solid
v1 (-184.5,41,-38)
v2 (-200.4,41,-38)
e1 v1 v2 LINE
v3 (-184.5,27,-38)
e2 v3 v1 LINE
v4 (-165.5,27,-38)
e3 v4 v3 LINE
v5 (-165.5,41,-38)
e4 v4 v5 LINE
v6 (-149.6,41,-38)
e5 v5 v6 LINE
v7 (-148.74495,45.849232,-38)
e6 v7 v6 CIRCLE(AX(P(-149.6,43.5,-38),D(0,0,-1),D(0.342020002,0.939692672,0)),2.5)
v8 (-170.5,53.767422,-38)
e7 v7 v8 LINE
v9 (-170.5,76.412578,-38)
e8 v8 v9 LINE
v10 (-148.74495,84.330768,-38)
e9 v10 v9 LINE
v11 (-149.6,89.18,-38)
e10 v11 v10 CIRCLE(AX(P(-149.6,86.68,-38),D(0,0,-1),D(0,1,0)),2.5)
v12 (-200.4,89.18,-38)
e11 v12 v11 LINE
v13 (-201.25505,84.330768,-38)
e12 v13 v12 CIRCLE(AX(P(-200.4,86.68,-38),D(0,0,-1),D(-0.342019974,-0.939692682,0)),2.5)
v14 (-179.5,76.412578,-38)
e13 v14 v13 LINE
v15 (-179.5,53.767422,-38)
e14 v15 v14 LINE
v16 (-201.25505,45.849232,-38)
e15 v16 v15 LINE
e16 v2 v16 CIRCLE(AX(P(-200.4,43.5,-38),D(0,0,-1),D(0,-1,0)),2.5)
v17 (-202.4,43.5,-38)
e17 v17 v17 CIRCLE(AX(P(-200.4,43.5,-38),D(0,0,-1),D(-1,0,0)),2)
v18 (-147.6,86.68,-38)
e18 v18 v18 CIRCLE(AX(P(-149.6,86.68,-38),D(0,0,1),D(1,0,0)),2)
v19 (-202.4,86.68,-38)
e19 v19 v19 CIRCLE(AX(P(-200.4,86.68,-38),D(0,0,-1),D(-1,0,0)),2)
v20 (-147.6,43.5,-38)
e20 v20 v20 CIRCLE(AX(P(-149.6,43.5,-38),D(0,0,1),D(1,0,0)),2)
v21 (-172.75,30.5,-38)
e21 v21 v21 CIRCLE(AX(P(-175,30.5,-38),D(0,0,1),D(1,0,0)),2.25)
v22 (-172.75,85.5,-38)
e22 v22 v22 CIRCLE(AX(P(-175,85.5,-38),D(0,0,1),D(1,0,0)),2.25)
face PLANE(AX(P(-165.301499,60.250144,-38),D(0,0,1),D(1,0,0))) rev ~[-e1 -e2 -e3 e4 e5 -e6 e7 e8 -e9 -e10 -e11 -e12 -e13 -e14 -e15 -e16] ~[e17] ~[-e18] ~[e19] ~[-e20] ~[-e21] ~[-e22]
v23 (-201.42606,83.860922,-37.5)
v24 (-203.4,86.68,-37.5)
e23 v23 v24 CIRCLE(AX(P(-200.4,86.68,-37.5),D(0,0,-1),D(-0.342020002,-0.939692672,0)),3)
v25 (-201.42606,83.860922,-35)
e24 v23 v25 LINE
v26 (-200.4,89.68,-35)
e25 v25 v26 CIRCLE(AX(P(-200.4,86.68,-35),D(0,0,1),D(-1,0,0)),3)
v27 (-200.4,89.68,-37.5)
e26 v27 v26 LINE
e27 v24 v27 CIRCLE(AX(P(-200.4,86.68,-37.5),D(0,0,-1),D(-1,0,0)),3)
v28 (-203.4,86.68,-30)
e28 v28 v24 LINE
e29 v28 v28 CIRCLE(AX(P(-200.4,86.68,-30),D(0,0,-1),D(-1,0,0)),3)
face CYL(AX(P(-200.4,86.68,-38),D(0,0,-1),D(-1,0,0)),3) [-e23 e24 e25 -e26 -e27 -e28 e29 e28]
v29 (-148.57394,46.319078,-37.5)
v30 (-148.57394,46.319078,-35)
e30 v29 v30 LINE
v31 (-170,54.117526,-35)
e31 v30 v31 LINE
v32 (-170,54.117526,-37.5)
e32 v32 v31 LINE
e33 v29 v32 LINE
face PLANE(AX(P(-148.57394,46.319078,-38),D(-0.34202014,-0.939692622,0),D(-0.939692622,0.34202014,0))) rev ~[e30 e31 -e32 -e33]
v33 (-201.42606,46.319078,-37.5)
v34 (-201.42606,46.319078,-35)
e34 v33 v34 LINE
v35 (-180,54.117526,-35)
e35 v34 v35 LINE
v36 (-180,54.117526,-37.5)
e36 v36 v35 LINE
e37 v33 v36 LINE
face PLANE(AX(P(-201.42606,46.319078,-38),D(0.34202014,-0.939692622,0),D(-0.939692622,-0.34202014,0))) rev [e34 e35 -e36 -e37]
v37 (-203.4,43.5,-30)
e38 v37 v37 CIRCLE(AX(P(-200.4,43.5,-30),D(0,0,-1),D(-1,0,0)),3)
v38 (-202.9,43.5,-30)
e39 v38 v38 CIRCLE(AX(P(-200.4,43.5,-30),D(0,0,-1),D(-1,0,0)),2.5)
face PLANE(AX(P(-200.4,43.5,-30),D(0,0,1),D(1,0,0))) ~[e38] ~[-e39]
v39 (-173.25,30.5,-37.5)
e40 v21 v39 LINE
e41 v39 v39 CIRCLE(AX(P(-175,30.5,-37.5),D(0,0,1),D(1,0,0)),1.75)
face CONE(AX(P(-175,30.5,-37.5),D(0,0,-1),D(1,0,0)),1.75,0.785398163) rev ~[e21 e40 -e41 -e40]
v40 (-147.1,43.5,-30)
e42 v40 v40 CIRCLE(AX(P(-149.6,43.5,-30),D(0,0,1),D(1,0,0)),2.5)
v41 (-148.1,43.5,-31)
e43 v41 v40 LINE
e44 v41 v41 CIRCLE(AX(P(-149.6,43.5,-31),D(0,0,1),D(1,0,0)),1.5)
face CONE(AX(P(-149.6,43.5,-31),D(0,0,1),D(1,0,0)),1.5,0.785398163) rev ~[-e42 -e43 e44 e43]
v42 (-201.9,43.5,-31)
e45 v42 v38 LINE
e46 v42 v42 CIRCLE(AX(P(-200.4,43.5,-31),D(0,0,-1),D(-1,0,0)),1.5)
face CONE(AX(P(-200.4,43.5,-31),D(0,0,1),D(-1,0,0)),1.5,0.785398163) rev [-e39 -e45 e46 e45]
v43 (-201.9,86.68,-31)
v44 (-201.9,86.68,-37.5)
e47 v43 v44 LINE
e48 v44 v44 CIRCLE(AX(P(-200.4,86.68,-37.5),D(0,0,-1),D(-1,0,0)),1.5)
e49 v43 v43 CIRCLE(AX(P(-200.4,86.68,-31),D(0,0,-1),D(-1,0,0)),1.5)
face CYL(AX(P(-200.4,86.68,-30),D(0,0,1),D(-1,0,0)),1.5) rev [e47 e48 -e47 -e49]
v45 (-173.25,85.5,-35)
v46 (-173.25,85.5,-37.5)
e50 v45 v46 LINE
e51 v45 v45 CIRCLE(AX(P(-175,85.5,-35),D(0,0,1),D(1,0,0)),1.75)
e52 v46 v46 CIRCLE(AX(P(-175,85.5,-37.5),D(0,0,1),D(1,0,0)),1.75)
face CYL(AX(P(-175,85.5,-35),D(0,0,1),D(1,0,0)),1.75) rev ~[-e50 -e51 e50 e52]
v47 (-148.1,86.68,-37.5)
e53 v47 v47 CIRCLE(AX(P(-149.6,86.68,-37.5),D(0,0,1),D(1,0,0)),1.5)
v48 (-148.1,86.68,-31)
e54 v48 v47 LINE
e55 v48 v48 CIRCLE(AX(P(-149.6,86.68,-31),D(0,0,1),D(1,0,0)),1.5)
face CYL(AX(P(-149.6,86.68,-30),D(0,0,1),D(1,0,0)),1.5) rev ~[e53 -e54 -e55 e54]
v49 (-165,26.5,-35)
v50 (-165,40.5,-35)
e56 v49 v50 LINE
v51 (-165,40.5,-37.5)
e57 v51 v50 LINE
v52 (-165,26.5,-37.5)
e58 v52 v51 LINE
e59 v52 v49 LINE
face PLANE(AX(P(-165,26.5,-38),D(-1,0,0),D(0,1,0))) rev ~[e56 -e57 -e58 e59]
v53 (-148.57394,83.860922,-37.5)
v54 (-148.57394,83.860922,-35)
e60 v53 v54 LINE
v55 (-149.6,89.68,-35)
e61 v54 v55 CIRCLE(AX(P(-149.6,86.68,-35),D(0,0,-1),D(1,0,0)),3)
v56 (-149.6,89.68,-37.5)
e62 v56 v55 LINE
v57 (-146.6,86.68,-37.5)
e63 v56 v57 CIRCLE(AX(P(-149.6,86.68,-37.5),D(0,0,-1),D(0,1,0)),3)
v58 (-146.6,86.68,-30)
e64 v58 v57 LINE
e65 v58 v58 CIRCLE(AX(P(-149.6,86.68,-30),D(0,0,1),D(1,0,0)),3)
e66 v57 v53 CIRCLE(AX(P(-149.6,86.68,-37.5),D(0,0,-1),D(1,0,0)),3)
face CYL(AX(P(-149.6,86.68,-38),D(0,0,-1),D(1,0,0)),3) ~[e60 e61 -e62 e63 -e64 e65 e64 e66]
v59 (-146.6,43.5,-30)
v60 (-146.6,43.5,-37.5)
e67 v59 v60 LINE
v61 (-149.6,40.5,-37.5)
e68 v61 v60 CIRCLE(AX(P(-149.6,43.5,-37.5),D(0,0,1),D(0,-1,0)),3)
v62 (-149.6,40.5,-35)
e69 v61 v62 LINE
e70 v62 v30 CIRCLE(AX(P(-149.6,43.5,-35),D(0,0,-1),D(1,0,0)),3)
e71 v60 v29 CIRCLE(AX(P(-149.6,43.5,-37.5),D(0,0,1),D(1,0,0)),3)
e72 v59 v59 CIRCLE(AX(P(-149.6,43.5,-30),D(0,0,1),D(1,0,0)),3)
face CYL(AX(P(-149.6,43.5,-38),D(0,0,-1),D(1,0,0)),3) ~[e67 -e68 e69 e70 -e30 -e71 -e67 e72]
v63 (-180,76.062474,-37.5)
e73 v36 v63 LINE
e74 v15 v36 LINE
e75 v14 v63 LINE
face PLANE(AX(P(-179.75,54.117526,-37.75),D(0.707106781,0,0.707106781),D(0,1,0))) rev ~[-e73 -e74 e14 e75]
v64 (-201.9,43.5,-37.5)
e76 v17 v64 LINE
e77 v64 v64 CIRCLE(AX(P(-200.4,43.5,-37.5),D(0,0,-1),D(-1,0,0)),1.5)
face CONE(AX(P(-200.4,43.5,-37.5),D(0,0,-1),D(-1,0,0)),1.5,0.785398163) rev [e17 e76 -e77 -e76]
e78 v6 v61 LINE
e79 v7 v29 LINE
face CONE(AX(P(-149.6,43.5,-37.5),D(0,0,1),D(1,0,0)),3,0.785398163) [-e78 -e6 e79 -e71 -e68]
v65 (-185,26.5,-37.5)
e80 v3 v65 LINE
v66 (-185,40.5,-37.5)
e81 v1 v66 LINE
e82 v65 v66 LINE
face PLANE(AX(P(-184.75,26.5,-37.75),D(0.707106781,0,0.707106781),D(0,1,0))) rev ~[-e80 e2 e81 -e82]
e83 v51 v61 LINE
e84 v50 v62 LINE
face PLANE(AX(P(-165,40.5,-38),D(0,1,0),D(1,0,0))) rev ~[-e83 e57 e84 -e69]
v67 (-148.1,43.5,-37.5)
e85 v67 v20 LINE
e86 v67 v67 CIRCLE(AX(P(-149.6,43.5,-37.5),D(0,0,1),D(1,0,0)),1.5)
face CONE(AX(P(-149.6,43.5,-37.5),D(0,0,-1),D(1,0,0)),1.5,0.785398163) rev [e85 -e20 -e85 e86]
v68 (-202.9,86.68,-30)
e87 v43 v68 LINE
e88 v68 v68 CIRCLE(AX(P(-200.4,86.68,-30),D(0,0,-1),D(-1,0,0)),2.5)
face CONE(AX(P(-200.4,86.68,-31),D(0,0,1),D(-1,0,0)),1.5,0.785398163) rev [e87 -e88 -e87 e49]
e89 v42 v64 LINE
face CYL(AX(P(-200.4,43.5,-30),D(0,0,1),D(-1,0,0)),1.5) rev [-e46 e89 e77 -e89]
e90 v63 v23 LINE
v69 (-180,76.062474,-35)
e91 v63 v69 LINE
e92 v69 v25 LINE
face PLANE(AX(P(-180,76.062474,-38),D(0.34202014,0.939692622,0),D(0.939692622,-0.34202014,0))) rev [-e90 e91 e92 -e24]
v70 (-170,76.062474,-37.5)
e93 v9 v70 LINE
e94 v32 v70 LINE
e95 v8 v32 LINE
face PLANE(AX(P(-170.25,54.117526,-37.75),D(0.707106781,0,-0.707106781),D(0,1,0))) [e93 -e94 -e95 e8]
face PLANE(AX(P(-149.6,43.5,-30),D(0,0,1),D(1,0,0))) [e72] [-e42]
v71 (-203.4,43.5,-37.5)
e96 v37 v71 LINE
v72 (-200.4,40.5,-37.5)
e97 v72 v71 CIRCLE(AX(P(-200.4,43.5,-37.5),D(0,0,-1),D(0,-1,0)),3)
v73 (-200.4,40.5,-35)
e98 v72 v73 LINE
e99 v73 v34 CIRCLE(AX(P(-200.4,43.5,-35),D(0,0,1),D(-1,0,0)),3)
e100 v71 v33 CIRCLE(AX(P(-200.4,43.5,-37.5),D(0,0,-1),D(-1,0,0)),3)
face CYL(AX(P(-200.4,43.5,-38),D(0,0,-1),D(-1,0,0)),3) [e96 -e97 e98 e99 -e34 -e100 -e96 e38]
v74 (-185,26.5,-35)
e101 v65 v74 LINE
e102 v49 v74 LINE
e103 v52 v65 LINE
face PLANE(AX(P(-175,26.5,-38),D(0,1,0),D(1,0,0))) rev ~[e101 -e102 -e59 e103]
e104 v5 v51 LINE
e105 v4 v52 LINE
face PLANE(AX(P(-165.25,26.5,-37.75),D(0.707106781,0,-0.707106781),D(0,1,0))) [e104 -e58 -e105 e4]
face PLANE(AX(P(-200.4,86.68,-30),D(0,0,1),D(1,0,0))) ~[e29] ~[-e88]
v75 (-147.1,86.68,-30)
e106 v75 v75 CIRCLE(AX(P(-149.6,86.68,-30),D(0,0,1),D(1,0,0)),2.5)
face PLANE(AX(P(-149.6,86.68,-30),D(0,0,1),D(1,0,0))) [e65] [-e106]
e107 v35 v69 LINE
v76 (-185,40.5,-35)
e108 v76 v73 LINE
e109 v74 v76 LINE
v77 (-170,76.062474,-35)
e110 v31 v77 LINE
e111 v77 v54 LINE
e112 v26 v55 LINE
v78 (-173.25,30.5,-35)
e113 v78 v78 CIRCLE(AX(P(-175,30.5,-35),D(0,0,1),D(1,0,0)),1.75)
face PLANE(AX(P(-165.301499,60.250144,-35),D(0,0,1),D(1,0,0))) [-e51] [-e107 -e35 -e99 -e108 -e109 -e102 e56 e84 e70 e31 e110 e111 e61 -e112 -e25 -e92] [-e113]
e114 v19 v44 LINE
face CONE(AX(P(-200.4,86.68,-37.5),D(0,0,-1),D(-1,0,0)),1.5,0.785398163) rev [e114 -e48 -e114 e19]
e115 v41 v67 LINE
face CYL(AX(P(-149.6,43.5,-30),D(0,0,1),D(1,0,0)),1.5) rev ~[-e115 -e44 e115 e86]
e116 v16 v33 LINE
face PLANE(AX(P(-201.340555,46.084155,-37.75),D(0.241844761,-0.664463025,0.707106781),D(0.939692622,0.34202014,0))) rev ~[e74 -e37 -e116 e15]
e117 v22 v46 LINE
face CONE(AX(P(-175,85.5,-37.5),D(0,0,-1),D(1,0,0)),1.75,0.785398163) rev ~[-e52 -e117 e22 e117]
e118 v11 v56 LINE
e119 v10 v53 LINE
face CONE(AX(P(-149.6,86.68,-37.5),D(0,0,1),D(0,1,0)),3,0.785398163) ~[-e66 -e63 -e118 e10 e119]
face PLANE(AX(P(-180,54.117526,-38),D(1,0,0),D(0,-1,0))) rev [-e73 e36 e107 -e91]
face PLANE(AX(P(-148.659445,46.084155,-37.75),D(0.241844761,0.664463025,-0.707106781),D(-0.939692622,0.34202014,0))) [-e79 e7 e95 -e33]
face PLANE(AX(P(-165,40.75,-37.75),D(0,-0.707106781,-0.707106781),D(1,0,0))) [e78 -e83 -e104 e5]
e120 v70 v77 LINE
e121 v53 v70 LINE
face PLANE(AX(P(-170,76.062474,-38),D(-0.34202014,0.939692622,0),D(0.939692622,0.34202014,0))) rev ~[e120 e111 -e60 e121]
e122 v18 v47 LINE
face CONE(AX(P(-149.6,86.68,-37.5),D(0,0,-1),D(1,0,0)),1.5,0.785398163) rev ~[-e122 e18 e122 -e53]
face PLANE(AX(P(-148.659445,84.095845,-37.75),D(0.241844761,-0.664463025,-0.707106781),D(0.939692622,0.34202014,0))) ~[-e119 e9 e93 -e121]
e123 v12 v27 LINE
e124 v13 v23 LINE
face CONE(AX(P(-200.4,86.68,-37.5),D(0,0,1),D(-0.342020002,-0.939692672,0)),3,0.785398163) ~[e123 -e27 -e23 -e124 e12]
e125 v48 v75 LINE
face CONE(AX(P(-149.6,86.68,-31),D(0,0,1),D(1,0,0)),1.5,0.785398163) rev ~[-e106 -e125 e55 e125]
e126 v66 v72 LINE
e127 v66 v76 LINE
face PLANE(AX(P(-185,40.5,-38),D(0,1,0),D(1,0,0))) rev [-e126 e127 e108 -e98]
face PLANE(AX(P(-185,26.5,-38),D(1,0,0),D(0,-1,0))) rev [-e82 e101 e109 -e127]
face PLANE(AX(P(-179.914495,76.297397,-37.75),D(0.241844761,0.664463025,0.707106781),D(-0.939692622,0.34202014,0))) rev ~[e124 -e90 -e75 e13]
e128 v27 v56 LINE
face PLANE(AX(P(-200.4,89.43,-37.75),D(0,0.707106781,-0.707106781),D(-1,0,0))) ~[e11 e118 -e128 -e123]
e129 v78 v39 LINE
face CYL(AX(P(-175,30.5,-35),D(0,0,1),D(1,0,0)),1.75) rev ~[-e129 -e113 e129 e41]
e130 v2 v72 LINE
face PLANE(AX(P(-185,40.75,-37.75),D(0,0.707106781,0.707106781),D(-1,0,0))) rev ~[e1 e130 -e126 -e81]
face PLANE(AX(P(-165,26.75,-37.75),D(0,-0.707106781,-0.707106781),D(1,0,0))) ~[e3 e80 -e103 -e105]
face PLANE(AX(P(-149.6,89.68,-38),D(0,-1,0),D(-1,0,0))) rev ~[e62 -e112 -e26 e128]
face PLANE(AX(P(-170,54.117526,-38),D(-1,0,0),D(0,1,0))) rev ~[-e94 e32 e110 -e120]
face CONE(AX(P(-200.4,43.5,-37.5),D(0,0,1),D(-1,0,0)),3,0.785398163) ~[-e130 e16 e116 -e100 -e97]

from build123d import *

# Parameters (mm, degrees)
CYLINDER001_R     = 3
CYLINDER001_DEPTH = 8
PAD007_DEPTH      = 3
CYLINDER002_R     = 3
CYLINDER002_DEPTH = 8
SKETCH029_R       = 1.5
POCKET021_DEPTH   = 10
CHAMFER018_SIZE   = 1
SKETCH030_R       = 1.75
POCKET022_DEPTH   = 5
CHAMFER019_SIZE   = 0.5


with BuildPart() as keypadbracketscrewcylinder:
    # Cylinder001 → Cylinder001 (new body)
    with BuildSketch(Plane(origin=(25.4, 13.5, 18), x_dir=(1, 0, 0), z_dir=(0, 0, 1))):
        Circle(CYLINDER001_R)
    extrude(amount=CYLINDER001_DEPTH)


with BuildPart() as keypadbracketpad007:
    # Sketch028 → Pad007 (new body)
    with BuildSketch(Plane.XY.offset(18)):
        with BuildLine():
            Line((0, -3.5), (10, -3.5))
            Line((10, -3.5), (10, 10.5))
            Line((10, 10.5), (25.4, 10.5))
            ThreePointArc((25.4, 10.5), (28.354423, 12.979055), (26.42606, 16.319078))
            Line((26.42606, 16.319078), (5, 24.117526))
            Line((5, 24.117526), (5, 46.062474))
            Line((5, 46.062474), (26.42606, 53.860922))
            ThreePointArc((26.42606, 53.860922), (28.354423, 57.200945), (25.4, 59.68))
            Line((25.4, 59.68), (0, 59.68))
            Line((0, 59.68), (0, -3.5))
        make_face()
    extrude(amount=PAD007_DEPTH)


with BuildPart() as keypadbracketscrewholeschamfer018:
    # Cylinder002 → Cylinder002 (new body)
    with BuildSketch(Plane(origin=(25.4, 56.68, 18), x_dir=(1, 0, 0), z_dir=(0, 0, 1))):
        Circle(CYLINDER002_R)
    extrude(amount=CYLINDER002_DEPTH)

    # Fusion003: union KeypadBracketScrewCylinder, KeypadBracketPad007
    add(keypadbracketscrewcylinder.part)
    add(keypadbracketpad007.part)

    # Sketch029 → Pocket021 (cut)
    with BuildSketch(Plane.XY.offset(26)):
        with Locations((25.4, 13.5)):
            Circle(SKETCH029_R)
        with Locations((25.4, 56.68)):
            Circle(SKETCH029_R)
    extrude(amount=-POCKET021_DEPTH, mode=Mode.SUBTRACT)

    # Chamfer018
    chamfer018_edges = [keypadbracketscrewholeschamfer018.edges().sort_by_distance(p)[0] for p in [
        (23.9, 56.68, 26),
        (23.9, 13.5, 26),
    ]]
    chamfer(chamfer018_edges, length=CHAMFER018_SIZE)


with BuildPart() as clone005:
    # Part__Mirroring004: instance of KeypadBracketScrewHolesChamfer018
    add(keypadbracketscrewholeschamfer018.part.mirror(Plane(origin=(0, 0, 0), x_dir=(0, -1, 0), z_dir=(1, 0, 0))))

    # Fusion004: union KeypadBracketScrewHolesChamfer018
    add(keypadbracketscrewholeschamfer018.part)

    # Sketch030 → Pocket022 (cut)
    with BuildSketch(Plane.XY.offset(21)):
        with Locations((0, 0.5)):
            Circle(SKETCH030_R)
        with Locations((0, 55.5)):
            Circle(SKETCH030_R)
    extrude(amount=-POCKET022_DEPTH, mode=Mode.SUBTRACT)

    # Chamfer019
    chamfer019_edges = [clone005.edges().sort_by_distance(p)[0] for p in [
        (-25.4, 15, 18),
        (-25.4, 12, 18),
        (0, 57.25, 18),
        (0, 53.75, 18),
        (0, 2.25, 18),
        (0, -1.25, 18),
        (-27.52132, 58.80132, 18),
        (-27.857456, 54.959271, 18),
        (0, 59.68, 18),
        (-15.71303, 49.961698, 18),
        (27.52132, 58.80132, 18),
        (-5, 35.09, 18),
        (27.857456, 54.959271, 18),
        (-15.71303, 20.218302, 18),
        (15.71303, 49.961698, 18),
        (-27.857456, 15.220729, 18),
        (5, 35.09, 18),
        (-27.52132, 11.37868, 18),
        (15.71303, 20.218302, 18),
        (-17.7, 10.5, 18),
        (27.857456, 15.220729, 18),
        (-10, 3.5, 18),
        (27.52132, 11.37868, 18),
        (0, -3.5, 18),
        (17.7, 10.5, 18),
        (10, 3.5, 18),
        (25.4, 58.18, 18),
        (25.4, 55.18, 18),
        (25.4, 15, 18),
        (25.4, 12, 18),
        (-25.4, 58.18, 18),
        (-25.4, 55.18, 18),
    ]]
    chamfer(chamfer019_edges, length=CHAMFER019_SIZE)


with BuildPart() as clone005_1:
    # Clone005 placement: moved
    add(clone005.part.moved(Location((-175, 30, -56))))


solid = clone005_1.part
